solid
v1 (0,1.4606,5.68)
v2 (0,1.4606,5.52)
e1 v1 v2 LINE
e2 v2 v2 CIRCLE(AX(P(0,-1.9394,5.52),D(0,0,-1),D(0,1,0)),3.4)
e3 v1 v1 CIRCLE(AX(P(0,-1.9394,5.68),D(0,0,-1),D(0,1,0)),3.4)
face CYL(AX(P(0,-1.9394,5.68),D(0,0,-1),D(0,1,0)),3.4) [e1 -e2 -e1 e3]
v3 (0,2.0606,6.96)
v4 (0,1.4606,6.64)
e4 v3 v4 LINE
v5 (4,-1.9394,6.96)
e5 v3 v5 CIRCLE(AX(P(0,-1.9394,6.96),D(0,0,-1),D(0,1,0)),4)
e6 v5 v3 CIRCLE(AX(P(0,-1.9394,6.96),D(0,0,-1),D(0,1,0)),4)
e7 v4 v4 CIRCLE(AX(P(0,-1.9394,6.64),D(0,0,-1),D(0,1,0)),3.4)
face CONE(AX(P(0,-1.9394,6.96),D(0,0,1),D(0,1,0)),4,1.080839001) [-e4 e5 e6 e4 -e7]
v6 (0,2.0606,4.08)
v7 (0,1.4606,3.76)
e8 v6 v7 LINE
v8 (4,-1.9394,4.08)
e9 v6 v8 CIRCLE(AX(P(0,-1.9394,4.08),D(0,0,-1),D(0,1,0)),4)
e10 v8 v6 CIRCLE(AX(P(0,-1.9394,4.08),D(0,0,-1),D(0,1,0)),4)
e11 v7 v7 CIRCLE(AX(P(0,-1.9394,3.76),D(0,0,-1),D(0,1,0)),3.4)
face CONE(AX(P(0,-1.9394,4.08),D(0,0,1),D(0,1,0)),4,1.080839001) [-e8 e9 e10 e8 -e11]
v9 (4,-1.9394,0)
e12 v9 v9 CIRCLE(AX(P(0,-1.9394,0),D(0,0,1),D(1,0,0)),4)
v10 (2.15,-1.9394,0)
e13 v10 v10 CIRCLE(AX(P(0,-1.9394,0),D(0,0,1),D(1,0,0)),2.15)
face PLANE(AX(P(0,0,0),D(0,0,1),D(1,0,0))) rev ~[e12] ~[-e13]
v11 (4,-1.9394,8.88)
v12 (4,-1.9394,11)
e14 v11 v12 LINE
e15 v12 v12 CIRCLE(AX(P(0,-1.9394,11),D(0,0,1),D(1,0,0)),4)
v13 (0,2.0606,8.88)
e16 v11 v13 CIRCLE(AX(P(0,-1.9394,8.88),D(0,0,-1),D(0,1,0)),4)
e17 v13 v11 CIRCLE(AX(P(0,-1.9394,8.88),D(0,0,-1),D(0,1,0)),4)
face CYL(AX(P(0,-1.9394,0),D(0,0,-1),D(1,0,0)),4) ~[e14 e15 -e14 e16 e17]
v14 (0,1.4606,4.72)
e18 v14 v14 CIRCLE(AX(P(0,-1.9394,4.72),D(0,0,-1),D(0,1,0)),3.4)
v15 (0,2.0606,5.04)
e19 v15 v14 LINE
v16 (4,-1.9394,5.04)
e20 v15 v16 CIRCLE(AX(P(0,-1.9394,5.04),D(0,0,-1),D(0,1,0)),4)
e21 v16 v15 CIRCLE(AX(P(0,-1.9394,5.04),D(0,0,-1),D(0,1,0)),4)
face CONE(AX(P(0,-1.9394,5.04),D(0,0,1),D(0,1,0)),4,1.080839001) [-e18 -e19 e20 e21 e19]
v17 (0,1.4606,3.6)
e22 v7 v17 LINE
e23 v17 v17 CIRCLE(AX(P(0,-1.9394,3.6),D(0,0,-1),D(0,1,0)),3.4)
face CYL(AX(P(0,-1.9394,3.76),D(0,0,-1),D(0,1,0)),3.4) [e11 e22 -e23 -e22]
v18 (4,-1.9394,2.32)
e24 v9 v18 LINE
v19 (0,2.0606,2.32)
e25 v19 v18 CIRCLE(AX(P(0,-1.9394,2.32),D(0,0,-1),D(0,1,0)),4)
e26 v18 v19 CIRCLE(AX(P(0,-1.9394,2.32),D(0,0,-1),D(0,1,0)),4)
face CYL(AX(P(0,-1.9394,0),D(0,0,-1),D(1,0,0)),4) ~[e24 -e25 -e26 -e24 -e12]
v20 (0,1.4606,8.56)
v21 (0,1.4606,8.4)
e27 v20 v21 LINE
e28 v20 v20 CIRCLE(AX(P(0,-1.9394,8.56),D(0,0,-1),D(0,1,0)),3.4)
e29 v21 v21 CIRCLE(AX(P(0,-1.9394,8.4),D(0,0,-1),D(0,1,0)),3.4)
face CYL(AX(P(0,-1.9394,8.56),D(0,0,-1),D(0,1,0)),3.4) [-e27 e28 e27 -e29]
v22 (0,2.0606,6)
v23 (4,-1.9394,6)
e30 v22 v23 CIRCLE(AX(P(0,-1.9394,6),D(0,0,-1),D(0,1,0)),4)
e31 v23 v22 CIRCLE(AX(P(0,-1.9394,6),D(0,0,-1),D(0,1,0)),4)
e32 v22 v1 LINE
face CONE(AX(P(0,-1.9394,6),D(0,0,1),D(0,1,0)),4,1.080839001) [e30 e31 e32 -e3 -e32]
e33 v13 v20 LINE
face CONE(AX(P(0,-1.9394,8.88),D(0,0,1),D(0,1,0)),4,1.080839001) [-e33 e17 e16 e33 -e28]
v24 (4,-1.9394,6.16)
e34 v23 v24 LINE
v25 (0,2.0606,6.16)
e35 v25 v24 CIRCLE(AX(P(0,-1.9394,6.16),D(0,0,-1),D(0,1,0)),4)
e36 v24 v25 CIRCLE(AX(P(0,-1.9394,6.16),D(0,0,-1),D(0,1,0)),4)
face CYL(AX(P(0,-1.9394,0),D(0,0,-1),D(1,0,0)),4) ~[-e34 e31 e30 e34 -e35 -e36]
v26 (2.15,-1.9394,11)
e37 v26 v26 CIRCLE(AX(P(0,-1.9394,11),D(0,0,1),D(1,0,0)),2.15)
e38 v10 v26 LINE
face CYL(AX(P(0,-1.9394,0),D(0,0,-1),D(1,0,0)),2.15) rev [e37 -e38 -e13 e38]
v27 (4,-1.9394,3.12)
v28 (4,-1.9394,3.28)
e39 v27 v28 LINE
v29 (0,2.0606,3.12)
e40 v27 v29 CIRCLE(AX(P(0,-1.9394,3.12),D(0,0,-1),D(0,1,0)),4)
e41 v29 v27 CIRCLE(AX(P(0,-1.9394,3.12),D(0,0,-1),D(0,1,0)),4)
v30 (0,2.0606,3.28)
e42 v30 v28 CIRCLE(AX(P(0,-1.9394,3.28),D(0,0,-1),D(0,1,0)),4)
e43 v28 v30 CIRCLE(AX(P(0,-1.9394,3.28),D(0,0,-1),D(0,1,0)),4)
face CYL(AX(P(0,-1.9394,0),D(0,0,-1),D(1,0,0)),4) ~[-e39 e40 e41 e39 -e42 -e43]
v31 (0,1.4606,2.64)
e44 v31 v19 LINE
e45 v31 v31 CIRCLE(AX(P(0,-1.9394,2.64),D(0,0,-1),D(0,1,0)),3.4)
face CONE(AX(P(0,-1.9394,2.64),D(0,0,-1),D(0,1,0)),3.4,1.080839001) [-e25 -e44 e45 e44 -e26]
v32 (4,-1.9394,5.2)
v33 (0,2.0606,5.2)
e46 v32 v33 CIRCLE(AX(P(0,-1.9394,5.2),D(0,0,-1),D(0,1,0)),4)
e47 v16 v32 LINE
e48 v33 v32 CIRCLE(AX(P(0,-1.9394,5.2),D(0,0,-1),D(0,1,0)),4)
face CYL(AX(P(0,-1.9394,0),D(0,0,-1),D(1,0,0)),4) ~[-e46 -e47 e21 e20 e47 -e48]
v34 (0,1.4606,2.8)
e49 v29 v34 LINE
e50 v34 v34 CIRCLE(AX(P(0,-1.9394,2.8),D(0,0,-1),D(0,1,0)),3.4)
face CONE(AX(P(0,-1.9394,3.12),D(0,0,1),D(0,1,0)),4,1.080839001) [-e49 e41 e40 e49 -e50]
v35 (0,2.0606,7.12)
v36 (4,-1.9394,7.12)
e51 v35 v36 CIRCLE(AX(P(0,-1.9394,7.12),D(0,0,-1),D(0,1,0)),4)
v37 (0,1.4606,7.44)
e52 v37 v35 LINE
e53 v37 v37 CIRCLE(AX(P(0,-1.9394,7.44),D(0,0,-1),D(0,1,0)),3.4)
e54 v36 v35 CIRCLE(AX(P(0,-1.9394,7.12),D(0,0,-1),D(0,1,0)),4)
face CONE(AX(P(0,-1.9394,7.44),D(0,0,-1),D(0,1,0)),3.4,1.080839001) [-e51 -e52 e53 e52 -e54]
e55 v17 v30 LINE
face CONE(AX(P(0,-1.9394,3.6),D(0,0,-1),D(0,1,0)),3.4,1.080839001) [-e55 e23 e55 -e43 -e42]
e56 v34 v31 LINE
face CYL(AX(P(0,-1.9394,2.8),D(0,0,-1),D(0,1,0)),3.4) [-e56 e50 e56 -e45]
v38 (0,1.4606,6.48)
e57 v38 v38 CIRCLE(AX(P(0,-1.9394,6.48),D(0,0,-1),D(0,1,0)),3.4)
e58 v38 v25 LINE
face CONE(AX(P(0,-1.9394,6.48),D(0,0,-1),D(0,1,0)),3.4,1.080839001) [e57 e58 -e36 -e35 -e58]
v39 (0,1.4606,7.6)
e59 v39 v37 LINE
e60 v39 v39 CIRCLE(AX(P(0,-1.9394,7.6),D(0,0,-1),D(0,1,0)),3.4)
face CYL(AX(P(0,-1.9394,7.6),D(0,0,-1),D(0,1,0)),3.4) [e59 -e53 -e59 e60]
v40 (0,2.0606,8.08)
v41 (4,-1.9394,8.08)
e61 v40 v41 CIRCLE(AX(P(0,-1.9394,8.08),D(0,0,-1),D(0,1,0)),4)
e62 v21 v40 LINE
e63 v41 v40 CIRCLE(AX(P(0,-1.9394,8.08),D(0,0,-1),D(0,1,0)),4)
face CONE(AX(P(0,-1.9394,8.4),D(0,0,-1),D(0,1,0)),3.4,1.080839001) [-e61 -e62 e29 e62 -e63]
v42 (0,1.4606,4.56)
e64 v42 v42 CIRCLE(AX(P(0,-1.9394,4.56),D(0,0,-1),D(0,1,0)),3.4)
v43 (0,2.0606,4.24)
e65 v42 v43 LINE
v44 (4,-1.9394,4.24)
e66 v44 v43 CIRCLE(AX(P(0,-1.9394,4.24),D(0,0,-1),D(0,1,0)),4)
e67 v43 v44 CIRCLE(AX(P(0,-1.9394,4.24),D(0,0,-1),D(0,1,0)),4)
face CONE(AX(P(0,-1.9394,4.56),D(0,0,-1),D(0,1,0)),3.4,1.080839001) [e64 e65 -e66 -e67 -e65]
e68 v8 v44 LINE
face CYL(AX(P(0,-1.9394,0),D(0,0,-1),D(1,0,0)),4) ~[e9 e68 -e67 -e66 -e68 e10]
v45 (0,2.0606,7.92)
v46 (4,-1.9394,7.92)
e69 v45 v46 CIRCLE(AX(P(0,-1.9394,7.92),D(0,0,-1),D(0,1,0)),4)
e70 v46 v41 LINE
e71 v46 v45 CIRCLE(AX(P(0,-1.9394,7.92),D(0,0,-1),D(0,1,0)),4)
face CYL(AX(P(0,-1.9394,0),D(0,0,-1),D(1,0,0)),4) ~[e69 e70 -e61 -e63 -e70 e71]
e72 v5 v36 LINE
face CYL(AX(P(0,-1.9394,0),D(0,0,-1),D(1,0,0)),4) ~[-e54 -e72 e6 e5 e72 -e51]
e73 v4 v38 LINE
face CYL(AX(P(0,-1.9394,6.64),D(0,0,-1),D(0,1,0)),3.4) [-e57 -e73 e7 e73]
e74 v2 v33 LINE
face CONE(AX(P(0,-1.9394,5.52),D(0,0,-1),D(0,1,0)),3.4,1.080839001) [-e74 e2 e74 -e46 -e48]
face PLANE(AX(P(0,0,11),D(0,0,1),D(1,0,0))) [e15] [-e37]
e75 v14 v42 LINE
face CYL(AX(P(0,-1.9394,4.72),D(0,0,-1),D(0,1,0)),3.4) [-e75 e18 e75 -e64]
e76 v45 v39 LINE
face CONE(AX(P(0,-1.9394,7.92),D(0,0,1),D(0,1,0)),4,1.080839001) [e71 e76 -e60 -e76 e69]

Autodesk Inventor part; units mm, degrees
ref_plane "YZ Plane" through (0, 0, 0) normal (1, 0, 0) x (0, 1, 0)
ref_plane "XZ Plane" through (0, 0, 0) normal (0, 1, 0) x (-1, 0, 0)
ref_plane "XY Plane" through (0, 0, 0) normal (0, 0, 1) x (1, 0, 0)
sketch "Sketch1" plane through (0, 0, 0) normal (0, 0, 1) x (1, 0, 0)
  circle A0 centre (0, -1.9394) radius 2 construction
  circle A1 centre (0, -1.9394) radius 2.15
  circle A2 centre (0, -1.9394) radius 4
  point P0 (0, 0)
  dimension "d0" = 4
  dimension "d1" = 0.15
  dimension "d2" = 8
extrude "Extrusion1" add sketch "Sketch1" along normal blind 11
sketch "Sketch2" plane through (0, 0, 0) normal (1, 0, 0) x (0, 1, 0)
  line L0 (2.0606, 0) -> (2.0606, 11) construction
  line L1 (-11.0374, 8.4) -> (-11.0374, 8.56) construction
  line L2 (-11.6374, 9.04) -> (-11.6374, 8.88) construction
  line L3 (-11.0374, 9.36) -> (-11.6374, 9.04) construction
  line L4 (-11.6374, 8.88) -> (-11.0374, 8.56) construction
  line L5 (-11.0374, 8.4) -> (-11.6374, 8.08) construction
  line L6 (-11.6374, 8.08) -> (-11.6374, 7.92) construction
  line L7 (-11.6374, 7.92) -> (-11.0374, 7.6) construction
  line L8 (-11.6374, 8.88) -> (2.0606, 8.88) construction
  line L9 (2.0606, 8.88) -> (1.4606, 8.56)
  line L10 (1.4606, 8.56) -> (1.4606, 8.4)
  line L11 (1.4606, 8.4) -> (2.0606, 8.08)
  line L12 (2.0606, 8.08) -> (2.0606, 7.92)
  line L13 (2.0606, 7.12) -> (2.0606, 6.96)
  line L14 (1.4606, 7.44) -> (2.0606, 7.12)
  line L15 (1.4606, 7.6) -> (1.4606, 7.44)
  line L16 (2.0606, 7.92) -> (1.4606, 7.6)
  line L17 (2.0606, 6.16) -> (2.0606, 6)
  line L18 (1.4606, 6.48) -> (2.0606, 6.16)
  line L19 (1.4606, 6.64) -> (1.4606, 6.48)
  line L20 (2.0606, 6.96) -> (1.4606, 6.64)
  line L21 (2.0606, 5.2) -> (2.0606, 5.04)
  line L22 (1.4606, 5.52) -> (2.0606, 5.2)
  line L23 (1.4606, 5.68) -> (1.4606, 5.52)
  line L24 (2.0606, 6) -> (1.4606, 5.68)
  line L25 (2.0606, 4.24) -> (2.0606, 4.08)
  line L26 (1.4606, 4.56) -> (2.0606, 4.24)
  line L27 (1.4606, 4.72) -> (1.4606, 4.56)
  line L28 (2.0606, 5.04) -> (1.4606, 4.72)
  line L29 (2.0606, 3.28) -> (2.0606, 3.12)
  line L30 (1.4606, 3.6) -> (2.0606, 3.28)
  line L31 (1.4606, 3.76) -> (1.4606, 3.6)
  line L32 (2.0606, 4.08) -> (1.4606, 3.76)
  line L33 (2.0606, 2.32) -> (2.0606, 2.16)
  line L34 (1.4606, 2.64) -> (2.0606, 2.32)
  line L35 (1.4606, 2.8) -> (1.4606, 2.64)
  line L36 (2.0606, 3.12) -> (1.4606, 2.8)
  line L37 (2.0606, 8.88) -> (2.0606, 8.08)
  line L38 (2.0606, 7.92) -> (2.0606, 7.12)
  line L39 (2.0606, 6.96) -> (2.0606, 6.16)
  line L40 (2.0606, 6) -> (2.0606, 5.2)
  line L41 (2.0606, 5.04) -> (2.0606, 4.24)
  line L42 (2.0606, 4.08) -> (2.0606, 3.28)
  line L43 (2.0606, 3.12) -> (2.0606, 2.32)
  line L44 (-1.9394, 10.1386) -> (-1.9394, 4.0681) construction
  line L45 (0.2106, 0) -> (0.2106, 11) construction
  line L46 (-4.0894, 0) -> (-4.0894, 11) construction
  point P0 (0, 0)
  dimension "d5" = 0.16
  dimension "d6" = 0.16
  dimension "d7" = 0.8
  dimension "d8" = 0.6
  dimension "d9" = 0.6
  dimension "d10" = 0.8
  dimension "d13" = 0.96
  dimension "d18" = 2.15
  dimension "d19" = 2.15
revolve "Revolution1" cut sketch "Sketch2" angle 360 about axis through (0, -1.9394, 10.1386) along (0, 0, -1)
equation "\"d18\" = d19"
properties part number "newRollerBearing"
